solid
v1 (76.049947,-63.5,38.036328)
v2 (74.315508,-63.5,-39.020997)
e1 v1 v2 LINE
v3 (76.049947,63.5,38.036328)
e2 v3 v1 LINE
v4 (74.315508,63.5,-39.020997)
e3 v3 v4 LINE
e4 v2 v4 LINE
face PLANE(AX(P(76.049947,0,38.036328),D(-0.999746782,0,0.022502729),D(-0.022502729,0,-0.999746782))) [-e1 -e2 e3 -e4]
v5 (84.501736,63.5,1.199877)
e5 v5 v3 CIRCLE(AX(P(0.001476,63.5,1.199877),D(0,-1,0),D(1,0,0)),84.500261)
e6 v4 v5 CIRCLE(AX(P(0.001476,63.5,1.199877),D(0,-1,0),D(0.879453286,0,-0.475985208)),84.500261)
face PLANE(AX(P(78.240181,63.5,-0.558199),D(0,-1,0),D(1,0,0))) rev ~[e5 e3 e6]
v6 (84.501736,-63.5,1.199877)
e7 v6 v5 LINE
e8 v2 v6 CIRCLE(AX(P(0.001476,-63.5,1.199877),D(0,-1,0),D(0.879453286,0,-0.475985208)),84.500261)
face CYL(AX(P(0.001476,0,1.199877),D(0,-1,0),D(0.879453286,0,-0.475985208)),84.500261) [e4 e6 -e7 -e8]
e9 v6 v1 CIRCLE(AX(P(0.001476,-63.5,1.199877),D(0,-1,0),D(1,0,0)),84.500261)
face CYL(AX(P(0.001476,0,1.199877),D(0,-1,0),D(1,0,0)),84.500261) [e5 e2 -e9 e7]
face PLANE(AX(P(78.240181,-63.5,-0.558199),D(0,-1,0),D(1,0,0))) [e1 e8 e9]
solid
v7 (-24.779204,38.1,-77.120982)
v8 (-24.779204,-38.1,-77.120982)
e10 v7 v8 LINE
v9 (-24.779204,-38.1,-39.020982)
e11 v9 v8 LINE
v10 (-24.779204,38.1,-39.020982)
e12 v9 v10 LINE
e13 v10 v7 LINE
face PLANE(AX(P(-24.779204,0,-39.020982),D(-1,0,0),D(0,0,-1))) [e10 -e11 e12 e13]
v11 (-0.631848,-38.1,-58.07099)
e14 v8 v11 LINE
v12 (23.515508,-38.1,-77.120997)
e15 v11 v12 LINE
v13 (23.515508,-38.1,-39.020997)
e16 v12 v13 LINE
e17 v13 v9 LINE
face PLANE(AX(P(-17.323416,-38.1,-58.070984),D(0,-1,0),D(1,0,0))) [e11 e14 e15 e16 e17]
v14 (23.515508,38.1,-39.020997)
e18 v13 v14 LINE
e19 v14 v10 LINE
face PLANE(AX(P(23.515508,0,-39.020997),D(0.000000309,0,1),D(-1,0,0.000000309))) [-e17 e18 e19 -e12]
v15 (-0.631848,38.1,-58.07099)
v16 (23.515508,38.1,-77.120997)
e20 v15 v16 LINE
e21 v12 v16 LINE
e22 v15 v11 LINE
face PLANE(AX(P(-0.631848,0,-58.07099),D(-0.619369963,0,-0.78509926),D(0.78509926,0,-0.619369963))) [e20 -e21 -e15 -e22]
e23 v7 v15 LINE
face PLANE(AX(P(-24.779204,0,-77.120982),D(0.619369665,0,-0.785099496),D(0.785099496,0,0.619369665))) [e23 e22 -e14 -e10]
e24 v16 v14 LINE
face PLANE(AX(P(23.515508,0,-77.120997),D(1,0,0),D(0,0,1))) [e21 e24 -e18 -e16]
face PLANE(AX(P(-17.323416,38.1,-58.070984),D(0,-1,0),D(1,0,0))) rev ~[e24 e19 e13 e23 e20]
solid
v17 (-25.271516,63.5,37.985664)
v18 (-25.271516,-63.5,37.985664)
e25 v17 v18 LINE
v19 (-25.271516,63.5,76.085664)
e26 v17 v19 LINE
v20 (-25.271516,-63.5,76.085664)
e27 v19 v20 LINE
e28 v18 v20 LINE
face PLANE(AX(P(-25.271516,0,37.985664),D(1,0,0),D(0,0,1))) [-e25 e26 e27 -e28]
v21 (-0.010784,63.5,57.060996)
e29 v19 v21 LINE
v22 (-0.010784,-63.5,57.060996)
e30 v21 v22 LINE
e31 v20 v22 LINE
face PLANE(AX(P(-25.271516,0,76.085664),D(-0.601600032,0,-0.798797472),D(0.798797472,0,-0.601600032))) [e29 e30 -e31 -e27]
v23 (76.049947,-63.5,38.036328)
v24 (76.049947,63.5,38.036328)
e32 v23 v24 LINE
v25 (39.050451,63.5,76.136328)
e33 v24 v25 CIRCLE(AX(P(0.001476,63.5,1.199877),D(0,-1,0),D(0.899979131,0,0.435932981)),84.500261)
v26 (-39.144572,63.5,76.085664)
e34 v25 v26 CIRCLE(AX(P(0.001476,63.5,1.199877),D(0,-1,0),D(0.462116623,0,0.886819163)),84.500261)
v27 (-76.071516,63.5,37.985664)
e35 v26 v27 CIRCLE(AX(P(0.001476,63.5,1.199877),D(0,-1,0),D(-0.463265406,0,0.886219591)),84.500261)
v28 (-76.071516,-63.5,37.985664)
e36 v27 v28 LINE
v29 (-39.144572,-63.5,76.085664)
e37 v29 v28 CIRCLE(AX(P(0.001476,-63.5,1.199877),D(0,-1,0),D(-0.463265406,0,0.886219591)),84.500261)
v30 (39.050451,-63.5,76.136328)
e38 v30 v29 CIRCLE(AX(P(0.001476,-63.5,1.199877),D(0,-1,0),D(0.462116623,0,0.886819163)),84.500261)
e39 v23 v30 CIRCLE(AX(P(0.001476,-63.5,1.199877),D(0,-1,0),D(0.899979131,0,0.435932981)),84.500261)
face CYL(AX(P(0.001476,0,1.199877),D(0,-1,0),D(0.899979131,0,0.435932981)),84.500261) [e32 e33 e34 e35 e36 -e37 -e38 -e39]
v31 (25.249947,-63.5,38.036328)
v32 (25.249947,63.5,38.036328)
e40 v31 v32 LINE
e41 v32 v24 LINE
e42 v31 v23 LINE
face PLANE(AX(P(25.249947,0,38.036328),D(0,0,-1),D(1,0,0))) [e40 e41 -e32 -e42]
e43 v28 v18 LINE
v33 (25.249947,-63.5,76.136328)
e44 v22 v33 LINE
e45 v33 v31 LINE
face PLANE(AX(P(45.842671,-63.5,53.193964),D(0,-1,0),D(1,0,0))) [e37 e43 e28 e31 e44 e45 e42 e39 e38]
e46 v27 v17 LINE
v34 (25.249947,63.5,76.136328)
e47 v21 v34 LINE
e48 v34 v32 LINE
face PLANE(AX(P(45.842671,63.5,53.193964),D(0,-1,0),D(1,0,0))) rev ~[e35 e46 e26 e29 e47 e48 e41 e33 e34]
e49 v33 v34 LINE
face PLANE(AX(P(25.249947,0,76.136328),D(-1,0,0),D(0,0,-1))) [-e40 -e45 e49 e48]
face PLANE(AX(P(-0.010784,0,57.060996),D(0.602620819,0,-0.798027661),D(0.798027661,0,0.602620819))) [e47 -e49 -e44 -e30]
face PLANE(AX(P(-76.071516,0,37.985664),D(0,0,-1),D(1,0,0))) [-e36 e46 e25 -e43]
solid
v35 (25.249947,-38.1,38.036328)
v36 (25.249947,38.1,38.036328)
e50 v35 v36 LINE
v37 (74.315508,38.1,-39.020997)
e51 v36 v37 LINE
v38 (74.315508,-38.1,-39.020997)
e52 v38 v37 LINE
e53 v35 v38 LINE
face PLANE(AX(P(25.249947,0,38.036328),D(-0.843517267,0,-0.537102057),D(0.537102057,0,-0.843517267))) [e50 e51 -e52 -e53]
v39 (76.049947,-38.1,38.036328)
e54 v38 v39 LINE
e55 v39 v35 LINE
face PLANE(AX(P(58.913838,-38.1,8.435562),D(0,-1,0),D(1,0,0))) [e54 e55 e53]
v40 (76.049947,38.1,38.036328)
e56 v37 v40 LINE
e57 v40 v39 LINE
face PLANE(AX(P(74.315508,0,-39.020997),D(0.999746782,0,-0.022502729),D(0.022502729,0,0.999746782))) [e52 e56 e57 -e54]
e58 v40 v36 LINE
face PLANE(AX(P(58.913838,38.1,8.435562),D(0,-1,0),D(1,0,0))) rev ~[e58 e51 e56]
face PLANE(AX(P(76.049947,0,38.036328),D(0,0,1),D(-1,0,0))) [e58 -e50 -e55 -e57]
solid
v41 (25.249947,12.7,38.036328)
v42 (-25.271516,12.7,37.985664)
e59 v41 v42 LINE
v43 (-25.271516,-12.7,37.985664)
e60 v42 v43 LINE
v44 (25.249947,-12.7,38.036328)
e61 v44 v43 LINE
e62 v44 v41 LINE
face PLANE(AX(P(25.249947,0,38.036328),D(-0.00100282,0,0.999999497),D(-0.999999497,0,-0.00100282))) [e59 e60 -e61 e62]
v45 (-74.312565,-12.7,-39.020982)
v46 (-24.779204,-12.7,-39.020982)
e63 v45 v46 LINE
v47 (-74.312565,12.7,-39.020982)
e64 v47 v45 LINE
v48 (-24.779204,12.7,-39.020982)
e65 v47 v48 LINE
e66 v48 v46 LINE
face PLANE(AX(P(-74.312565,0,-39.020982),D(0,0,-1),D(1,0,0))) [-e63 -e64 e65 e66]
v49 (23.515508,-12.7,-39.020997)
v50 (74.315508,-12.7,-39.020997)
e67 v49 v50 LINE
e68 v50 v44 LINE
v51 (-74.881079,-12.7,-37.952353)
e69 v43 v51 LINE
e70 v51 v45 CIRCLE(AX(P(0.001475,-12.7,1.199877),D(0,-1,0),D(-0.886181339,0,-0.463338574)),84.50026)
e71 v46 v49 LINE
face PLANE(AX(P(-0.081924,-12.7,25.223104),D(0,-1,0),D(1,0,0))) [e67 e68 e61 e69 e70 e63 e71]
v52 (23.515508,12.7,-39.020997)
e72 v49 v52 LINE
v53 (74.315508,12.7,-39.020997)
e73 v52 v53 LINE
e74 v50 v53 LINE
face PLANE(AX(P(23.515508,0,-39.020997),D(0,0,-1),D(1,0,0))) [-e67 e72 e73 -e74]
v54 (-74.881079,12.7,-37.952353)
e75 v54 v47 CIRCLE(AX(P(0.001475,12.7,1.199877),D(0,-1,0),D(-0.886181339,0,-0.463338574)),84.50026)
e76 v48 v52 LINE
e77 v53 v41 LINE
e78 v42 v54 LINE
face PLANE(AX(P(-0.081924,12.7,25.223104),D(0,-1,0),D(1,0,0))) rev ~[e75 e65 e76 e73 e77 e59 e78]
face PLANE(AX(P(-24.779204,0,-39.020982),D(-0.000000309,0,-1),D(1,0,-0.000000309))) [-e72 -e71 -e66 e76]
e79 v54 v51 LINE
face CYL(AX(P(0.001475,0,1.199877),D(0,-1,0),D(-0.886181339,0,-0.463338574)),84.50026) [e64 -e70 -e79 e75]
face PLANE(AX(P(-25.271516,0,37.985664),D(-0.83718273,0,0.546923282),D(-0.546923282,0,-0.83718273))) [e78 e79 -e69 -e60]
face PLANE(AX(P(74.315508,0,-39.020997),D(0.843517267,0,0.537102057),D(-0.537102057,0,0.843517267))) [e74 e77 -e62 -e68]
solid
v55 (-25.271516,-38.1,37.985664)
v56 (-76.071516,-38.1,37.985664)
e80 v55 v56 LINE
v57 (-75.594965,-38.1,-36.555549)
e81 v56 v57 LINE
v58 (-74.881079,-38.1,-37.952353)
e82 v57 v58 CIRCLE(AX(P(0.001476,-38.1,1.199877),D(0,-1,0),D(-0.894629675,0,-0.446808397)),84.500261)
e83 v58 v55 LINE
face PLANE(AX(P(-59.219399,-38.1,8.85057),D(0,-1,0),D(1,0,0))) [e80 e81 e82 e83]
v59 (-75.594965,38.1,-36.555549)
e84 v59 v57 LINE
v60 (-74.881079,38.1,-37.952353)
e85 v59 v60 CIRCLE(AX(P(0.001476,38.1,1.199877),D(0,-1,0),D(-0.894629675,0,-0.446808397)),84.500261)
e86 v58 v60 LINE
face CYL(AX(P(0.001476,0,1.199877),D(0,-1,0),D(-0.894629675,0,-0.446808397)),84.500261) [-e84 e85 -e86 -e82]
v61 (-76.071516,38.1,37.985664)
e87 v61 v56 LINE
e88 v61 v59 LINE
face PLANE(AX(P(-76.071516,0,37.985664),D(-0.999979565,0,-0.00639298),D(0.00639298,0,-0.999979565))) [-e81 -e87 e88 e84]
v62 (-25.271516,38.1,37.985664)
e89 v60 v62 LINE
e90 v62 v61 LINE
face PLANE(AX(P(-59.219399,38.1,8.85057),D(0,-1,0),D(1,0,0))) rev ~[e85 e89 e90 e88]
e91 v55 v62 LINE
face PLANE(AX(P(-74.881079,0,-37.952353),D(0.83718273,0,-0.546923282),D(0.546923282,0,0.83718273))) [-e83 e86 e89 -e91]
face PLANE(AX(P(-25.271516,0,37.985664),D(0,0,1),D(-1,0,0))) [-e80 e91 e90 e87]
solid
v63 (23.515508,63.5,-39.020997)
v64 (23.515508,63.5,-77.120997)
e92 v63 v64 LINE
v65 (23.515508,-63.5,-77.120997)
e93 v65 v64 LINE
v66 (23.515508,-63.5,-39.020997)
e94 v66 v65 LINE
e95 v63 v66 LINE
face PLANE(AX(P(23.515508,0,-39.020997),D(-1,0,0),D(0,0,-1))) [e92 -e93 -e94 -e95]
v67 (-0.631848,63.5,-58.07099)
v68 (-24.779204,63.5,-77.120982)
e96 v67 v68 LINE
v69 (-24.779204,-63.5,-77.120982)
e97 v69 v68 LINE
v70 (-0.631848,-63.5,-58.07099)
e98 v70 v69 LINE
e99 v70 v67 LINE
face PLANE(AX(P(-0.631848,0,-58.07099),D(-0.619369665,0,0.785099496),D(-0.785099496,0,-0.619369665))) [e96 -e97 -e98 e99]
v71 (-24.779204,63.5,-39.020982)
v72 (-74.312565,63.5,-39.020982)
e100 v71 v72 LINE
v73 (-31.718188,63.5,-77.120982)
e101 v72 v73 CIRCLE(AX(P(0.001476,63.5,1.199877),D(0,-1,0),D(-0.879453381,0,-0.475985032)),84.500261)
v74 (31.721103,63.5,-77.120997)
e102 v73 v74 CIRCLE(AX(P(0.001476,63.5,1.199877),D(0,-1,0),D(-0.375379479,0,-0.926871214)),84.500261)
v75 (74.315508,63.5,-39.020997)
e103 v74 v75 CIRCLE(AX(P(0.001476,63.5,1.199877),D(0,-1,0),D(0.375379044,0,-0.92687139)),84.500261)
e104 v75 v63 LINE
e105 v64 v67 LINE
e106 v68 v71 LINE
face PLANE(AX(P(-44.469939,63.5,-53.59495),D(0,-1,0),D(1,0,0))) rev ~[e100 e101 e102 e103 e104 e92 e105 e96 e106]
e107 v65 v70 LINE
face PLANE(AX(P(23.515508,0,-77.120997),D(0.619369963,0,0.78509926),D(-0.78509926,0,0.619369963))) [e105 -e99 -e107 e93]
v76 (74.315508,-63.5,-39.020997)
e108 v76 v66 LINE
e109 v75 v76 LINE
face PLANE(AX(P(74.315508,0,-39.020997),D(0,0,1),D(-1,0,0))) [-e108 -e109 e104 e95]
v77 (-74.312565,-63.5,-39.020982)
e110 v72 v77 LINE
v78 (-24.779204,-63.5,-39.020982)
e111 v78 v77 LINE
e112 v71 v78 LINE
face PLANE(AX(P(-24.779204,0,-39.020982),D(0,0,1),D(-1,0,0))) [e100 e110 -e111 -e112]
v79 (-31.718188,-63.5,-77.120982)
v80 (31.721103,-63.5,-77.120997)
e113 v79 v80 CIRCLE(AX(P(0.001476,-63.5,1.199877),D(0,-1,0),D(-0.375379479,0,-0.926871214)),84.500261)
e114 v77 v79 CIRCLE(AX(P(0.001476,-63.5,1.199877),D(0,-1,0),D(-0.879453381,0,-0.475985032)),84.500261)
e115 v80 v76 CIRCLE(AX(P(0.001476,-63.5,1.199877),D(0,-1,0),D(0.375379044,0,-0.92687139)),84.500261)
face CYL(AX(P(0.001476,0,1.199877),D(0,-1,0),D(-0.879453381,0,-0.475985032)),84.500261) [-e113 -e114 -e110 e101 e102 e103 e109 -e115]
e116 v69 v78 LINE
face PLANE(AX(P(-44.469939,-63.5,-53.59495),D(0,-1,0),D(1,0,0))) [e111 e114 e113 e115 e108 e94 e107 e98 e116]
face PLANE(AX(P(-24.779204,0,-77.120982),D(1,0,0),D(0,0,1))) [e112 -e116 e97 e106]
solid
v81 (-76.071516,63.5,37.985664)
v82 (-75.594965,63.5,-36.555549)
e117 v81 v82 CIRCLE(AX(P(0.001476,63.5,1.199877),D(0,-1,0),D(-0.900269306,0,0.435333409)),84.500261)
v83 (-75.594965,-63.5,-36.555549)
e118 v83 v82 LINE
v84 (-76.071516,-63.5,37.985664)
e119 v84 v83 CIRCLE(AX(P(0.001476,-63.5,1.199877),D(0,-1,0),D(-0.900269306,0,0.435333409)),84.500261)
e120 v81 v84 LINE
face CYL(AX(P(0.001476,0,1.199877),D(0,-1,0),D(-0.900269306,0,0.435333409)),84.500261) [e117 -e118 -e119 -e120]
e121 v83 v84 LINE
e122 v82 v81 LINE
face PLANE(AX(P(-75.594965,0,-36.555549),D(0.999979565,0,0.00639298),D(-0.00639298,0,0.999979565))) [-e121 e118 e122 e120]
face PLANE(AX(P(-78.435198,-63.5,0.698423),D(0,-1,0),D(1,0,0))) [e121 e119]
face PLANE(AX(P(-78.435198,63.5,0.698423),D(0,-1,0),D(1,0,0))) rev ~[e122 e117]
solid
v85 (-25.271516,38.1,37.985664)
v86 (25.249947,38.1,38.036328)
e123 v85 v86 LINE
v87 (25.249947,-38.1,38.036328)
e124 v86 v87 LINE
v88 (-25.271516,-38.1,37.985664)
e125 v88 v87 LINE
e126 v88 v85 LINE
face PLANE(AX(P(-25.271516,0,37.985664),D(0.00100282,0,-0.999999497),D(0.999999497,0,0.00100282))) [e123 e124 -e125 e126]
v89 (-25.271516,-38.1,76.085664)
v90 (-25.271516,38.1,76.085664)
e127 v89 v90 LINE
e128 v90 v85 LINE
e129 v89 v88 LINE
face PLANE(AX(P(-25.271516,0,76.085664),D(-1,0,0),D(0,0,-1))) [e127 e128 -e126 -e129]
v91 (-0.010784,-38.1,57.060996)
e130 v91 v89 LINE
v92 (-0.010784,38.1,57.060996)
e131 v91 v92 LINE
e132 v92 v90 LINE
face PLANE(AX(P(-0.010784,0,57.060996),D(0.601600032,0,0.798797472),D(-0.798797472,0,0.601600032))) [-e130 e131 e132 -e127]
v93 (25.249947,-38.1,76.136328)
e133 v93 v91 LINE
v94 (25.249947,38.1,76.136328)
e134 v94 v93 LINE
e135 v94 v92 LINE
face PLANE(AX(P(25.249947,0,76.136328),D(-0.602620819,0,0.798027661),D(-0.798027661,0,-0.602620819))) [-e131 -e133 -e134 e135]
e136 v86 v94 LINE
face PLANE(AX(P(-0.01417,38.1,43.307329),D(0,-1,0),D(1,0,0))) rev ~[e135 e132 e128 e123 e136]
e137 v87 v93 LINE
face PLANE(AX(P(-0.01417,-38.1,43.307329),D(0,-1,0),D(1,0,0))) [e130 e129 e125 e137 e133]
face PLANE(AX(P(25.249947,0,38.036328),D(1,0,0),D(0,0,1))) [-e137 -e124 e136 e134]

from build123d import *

# Parameters (mm, degrees)
F1_DEPTH = 63.5
F2_DEPTH = 12.7
F3_DEPTH = 38.1


with BuildPart() as f1:
    # F0 (on Front) → F1 (new body, symmetric)
    with BuildSketch(Plane.XZ):
        with BuildLine():
            ThreePointArc((84.5017363775, 1.1998772249), (82.3616896747, 20.0966814365), (76.0499468625, 38.0363278091))
            Line((76.0499468625, 38.0363278091), (74.3155075788, -39.0209970117))
            ThreePointArc((74.3155075788, -39.0209970117), (81.9156048852, -19.5454715399), (84.5017363775, 1.1998772249))
        make_face()
    extrude(amount=F1_DEPTH, both=True)


with BuildPart() as f1b:
    # F0 (on Front) → F1, piece 2 (new body, symmetric)
    with BuildSketch(Plane.XZ):
        with BuildLine():
            ThreePointArc((76.0499468625, 38.0363278091), (60.6212581563, 60.0686808362), (39.0504506642, 76.1363278091))
            Line((39.0504506642, 76.1363278091), (25.2499468625, 76.1363278091))
            Line((25.2499468625, 76.1363278091), (25.2499468625, 38.0363278091))
            Line((25.2499468625, 38.0363278091), (76.0499468625, 38.0363278091))
        make_face()
        with BuildLine():
            Line((25.2499468625, 76.1363278091), (39.0504506642, 76.1363278091))
            ThreePointArc((39.0504506642, 76.1363278091), (-0.0532737034, 85.7001203567), (-39.1445721419, 76.085663861))
            Line((-39.1445721419, 76.085663861), (-25.2715156794, 76.085663861))
            Line((-25.2715156794, 76.085663861), (-0.0107844085, 57.0609958351))
            Line((-0.0107844085, 57.0609958351), (25.2499468625, 76.1363278091))
        make_face()
        with BuildLine():
            Line((-25.2715156794, 76.085663861), (-39.1445721419, 76.085663861))
            ThreePointArc((-39.1445721419, 76.085663861), (-60.6760263163, 60.0091865137), (-76.0715156794, 37.985663861))
            Line((-76.0715156794, 37.985663861), (-25.2715156794, 37.985663861))
            Line((-25.2715156794, 37.985663861), (-25.2715156794, 76.085663861))
        make_face()
    extrude(amount=F1_DEPTH, both=True)


with BuildPart() as f1c:
    # F0 (on Front) → F1, piece 3 (new body, symmetric)
    with BuildSketch(Plane.XZ):
        with BuildLine():
            Line((-75.5949654529, -36.5555488842), (-76.0715156794, 37.985663861))
            ThreePointArc((-76.0715156794, 37.985663861), (-84.4970585704, 0.6596687406), (-75.5949654529, -36.5555488842))
        make_face()
    extrude(amount=F1_DEPTH, both=True)


with BuildPart() as f1d:
    # F0 (on Front) → F1, piece 4 (new body, symmetric)
    with BuildSketch(Plane.XZ):
        with BuildLine():
            Line((-24.7792036653, -77.1209821105), (-24.7792036653, -39.0209821105))
            Line((-24.7792036653, -39.0209821105), (-74.3125646254, -39.0209821105))
            ThreePointArc((-74.3125646254, -39.0209821105), (-56.3340292756, -61.7811118706), (-31.7181884198, -77.1209821105))
            Line((-31.7181884198, -77.1209821105), (-24.7792036653, -77.1209821105))
        make_face()
        with BuildLine():
            ThreePointArc((-31.7181884198, -77.1209821105), (0.001455661, -83.3003836433), (31.7211026448, -77.1209970117))
            Line((31.7211026448, -77.1209970117), (23.5155075788, -77.1209970117))
            Line((23.5155075788, -77.1209970117), (-0.6318480432, -58.0709895611))
            Line((-0.6318480432, -58.0709895611), (-24.7792036653, -77.1209821105))
            Line((-24.7792036653, -77.1209821105), (-31.7181884198, -77.1209821105))
        make_face()
        with BuildLine():
            ThreePointArc((31.7211026448, -77.1209970117), (56.3369591861, -61.7811307512), (74.3155075788, -39.0209970117))
            Line((74.3155075788, -39.0209970117), (23.5155075788, -39.0209970117))
            Line((23.5155075788, -39.0209970117), (23.5155075788, -77.1209970117))
            Line((23.5155075788, -77.1209970117), (31.7211026448, -77.1209970117))
        make_face()
    extrude(amount=F1_DEPTH, both=True)


with BuildPart() as f2:
    # F0 (on Front) → F2 (new body, symmetric)
    with BuildSketch(Plane.XZ):
        Polygon((-0.3362559173, -1.3727754131), (25.2499468625, 38.0363278091), (-25.2715156794, 37.985663861), align=None)
        with BuildLine():
            Line((-24.7792036653, -39.0209821105), (-0.3362559173, -1.3727754131))
            Line((-0.3362559173, -1.3727754131), (-25.2715156794, 37.985663861))
            Line((-25.2715156794, 37.985663861), (-74.8810788251, -37.9523531481))
            ThreePointArc((-74.8810788251, -37.9523531481), (-74.5987352294, -38.48768562), (-74.3125646254, -39.0209821105))
            Line((-74.3125646254, -39.0209821105), (-24.7792036653, -39.0209821105))
        make_face()
        Polygon((74.3155075788, -39.0209970117), (25.2499468625, 38.0363278091), (-0.3362559173, -1.3727754131), (23.5155075788, -39.0209970117), align=None)
        Polygon((23.5155075788, -39.0209970117), (-0.3362559173, -1.3727754131), (-24.7792036653, -39.0209821105), align=None)
    extrude(amount=F2_DEPTH, both=True)


with BuildPart() as f3:
    # F0 (on Front) → F3 (new body, symmetric)
    with BuildSketch(Plane.XZ):
        Polygon((74.3155075788, -39.0209970117), (76.0499468625, 38.0363278091), (25.2499468625, 38.0363278091), align=None)
    extrude(amount=F3_DEPTH, both=True)


with BuildPart() as f3b:
    # F0 (on Front) → F3, piece 2 (new body, symmetric)
    with BuildSketch(Plane.XZ):
        Polygon((-25.2715156794, 37.985663861), (25.2499468625, 38.0363278091), (-0.0107844085, 57.0609958351), align=None)
        Polygon((25.2499468625, 38.0363278091), (25.2499468625, 76.1363278091), (-0.0107844085, 57.0609958351), align=None)
        Polygon((-25.2715156794, 37.985663861), (-0.0107844085, 57.0609958351), (-25.2715156794, 76.085663861), align=None)
    extrude(amount=F3_DEPTH, both=True)


with BuildPart() as f3c:
    # F0 (on Front) → F3, piece 3 (new body, symmetric)
    with BuildSketch(Plane.XZ):
        with BuildLine():
            Line((-25.2715156794, 37.985663861), (-76.0715156794, 37.985663861))
            Line((-76.0715156794, 37.985663861), (-75.5949654529, -36.5555488842))
            ThreePointArc((-75.5949654529, -36.5555488842), (-75.2412634886, -37.2556076234), (-74.8810788251, -37.9523531481))
            Line((-74.8810788251, -37.9523531481), (-25.2715156794, 37.985663861))
        make_face()
    extrude(amount=F3_DEPTH, both=True)


with BuildPart() as f3d:
    # F0 (on Front) → F3, piece 4 (new body, symmetric)
    with BuildSketch(Plane.XZ):
        Polygon((-0.6318480432, -58.0709895611), (-24.7792036653, -39.0209821105), (-24.7792036653, -77.1209821105), align=None)
        Polygon((23.5155075788, -77.1209970117), (23.5155075788, -39.0209970117), (-0.6318480432, -58.0709895611), align=None)
        Polygon((-0.6318480432, -58.0709895611), (23.5155075788, -39.0209970117), (-24.7792036653, -39.0209821105), align=None)
    extrude(amount=F3_DEPTH, both=True)


solid = Compound([f1.part, f1b.part, f1c.part, f1d.part, f2.part, f3.part, f3b.part, f3c.part, f3d.part])
